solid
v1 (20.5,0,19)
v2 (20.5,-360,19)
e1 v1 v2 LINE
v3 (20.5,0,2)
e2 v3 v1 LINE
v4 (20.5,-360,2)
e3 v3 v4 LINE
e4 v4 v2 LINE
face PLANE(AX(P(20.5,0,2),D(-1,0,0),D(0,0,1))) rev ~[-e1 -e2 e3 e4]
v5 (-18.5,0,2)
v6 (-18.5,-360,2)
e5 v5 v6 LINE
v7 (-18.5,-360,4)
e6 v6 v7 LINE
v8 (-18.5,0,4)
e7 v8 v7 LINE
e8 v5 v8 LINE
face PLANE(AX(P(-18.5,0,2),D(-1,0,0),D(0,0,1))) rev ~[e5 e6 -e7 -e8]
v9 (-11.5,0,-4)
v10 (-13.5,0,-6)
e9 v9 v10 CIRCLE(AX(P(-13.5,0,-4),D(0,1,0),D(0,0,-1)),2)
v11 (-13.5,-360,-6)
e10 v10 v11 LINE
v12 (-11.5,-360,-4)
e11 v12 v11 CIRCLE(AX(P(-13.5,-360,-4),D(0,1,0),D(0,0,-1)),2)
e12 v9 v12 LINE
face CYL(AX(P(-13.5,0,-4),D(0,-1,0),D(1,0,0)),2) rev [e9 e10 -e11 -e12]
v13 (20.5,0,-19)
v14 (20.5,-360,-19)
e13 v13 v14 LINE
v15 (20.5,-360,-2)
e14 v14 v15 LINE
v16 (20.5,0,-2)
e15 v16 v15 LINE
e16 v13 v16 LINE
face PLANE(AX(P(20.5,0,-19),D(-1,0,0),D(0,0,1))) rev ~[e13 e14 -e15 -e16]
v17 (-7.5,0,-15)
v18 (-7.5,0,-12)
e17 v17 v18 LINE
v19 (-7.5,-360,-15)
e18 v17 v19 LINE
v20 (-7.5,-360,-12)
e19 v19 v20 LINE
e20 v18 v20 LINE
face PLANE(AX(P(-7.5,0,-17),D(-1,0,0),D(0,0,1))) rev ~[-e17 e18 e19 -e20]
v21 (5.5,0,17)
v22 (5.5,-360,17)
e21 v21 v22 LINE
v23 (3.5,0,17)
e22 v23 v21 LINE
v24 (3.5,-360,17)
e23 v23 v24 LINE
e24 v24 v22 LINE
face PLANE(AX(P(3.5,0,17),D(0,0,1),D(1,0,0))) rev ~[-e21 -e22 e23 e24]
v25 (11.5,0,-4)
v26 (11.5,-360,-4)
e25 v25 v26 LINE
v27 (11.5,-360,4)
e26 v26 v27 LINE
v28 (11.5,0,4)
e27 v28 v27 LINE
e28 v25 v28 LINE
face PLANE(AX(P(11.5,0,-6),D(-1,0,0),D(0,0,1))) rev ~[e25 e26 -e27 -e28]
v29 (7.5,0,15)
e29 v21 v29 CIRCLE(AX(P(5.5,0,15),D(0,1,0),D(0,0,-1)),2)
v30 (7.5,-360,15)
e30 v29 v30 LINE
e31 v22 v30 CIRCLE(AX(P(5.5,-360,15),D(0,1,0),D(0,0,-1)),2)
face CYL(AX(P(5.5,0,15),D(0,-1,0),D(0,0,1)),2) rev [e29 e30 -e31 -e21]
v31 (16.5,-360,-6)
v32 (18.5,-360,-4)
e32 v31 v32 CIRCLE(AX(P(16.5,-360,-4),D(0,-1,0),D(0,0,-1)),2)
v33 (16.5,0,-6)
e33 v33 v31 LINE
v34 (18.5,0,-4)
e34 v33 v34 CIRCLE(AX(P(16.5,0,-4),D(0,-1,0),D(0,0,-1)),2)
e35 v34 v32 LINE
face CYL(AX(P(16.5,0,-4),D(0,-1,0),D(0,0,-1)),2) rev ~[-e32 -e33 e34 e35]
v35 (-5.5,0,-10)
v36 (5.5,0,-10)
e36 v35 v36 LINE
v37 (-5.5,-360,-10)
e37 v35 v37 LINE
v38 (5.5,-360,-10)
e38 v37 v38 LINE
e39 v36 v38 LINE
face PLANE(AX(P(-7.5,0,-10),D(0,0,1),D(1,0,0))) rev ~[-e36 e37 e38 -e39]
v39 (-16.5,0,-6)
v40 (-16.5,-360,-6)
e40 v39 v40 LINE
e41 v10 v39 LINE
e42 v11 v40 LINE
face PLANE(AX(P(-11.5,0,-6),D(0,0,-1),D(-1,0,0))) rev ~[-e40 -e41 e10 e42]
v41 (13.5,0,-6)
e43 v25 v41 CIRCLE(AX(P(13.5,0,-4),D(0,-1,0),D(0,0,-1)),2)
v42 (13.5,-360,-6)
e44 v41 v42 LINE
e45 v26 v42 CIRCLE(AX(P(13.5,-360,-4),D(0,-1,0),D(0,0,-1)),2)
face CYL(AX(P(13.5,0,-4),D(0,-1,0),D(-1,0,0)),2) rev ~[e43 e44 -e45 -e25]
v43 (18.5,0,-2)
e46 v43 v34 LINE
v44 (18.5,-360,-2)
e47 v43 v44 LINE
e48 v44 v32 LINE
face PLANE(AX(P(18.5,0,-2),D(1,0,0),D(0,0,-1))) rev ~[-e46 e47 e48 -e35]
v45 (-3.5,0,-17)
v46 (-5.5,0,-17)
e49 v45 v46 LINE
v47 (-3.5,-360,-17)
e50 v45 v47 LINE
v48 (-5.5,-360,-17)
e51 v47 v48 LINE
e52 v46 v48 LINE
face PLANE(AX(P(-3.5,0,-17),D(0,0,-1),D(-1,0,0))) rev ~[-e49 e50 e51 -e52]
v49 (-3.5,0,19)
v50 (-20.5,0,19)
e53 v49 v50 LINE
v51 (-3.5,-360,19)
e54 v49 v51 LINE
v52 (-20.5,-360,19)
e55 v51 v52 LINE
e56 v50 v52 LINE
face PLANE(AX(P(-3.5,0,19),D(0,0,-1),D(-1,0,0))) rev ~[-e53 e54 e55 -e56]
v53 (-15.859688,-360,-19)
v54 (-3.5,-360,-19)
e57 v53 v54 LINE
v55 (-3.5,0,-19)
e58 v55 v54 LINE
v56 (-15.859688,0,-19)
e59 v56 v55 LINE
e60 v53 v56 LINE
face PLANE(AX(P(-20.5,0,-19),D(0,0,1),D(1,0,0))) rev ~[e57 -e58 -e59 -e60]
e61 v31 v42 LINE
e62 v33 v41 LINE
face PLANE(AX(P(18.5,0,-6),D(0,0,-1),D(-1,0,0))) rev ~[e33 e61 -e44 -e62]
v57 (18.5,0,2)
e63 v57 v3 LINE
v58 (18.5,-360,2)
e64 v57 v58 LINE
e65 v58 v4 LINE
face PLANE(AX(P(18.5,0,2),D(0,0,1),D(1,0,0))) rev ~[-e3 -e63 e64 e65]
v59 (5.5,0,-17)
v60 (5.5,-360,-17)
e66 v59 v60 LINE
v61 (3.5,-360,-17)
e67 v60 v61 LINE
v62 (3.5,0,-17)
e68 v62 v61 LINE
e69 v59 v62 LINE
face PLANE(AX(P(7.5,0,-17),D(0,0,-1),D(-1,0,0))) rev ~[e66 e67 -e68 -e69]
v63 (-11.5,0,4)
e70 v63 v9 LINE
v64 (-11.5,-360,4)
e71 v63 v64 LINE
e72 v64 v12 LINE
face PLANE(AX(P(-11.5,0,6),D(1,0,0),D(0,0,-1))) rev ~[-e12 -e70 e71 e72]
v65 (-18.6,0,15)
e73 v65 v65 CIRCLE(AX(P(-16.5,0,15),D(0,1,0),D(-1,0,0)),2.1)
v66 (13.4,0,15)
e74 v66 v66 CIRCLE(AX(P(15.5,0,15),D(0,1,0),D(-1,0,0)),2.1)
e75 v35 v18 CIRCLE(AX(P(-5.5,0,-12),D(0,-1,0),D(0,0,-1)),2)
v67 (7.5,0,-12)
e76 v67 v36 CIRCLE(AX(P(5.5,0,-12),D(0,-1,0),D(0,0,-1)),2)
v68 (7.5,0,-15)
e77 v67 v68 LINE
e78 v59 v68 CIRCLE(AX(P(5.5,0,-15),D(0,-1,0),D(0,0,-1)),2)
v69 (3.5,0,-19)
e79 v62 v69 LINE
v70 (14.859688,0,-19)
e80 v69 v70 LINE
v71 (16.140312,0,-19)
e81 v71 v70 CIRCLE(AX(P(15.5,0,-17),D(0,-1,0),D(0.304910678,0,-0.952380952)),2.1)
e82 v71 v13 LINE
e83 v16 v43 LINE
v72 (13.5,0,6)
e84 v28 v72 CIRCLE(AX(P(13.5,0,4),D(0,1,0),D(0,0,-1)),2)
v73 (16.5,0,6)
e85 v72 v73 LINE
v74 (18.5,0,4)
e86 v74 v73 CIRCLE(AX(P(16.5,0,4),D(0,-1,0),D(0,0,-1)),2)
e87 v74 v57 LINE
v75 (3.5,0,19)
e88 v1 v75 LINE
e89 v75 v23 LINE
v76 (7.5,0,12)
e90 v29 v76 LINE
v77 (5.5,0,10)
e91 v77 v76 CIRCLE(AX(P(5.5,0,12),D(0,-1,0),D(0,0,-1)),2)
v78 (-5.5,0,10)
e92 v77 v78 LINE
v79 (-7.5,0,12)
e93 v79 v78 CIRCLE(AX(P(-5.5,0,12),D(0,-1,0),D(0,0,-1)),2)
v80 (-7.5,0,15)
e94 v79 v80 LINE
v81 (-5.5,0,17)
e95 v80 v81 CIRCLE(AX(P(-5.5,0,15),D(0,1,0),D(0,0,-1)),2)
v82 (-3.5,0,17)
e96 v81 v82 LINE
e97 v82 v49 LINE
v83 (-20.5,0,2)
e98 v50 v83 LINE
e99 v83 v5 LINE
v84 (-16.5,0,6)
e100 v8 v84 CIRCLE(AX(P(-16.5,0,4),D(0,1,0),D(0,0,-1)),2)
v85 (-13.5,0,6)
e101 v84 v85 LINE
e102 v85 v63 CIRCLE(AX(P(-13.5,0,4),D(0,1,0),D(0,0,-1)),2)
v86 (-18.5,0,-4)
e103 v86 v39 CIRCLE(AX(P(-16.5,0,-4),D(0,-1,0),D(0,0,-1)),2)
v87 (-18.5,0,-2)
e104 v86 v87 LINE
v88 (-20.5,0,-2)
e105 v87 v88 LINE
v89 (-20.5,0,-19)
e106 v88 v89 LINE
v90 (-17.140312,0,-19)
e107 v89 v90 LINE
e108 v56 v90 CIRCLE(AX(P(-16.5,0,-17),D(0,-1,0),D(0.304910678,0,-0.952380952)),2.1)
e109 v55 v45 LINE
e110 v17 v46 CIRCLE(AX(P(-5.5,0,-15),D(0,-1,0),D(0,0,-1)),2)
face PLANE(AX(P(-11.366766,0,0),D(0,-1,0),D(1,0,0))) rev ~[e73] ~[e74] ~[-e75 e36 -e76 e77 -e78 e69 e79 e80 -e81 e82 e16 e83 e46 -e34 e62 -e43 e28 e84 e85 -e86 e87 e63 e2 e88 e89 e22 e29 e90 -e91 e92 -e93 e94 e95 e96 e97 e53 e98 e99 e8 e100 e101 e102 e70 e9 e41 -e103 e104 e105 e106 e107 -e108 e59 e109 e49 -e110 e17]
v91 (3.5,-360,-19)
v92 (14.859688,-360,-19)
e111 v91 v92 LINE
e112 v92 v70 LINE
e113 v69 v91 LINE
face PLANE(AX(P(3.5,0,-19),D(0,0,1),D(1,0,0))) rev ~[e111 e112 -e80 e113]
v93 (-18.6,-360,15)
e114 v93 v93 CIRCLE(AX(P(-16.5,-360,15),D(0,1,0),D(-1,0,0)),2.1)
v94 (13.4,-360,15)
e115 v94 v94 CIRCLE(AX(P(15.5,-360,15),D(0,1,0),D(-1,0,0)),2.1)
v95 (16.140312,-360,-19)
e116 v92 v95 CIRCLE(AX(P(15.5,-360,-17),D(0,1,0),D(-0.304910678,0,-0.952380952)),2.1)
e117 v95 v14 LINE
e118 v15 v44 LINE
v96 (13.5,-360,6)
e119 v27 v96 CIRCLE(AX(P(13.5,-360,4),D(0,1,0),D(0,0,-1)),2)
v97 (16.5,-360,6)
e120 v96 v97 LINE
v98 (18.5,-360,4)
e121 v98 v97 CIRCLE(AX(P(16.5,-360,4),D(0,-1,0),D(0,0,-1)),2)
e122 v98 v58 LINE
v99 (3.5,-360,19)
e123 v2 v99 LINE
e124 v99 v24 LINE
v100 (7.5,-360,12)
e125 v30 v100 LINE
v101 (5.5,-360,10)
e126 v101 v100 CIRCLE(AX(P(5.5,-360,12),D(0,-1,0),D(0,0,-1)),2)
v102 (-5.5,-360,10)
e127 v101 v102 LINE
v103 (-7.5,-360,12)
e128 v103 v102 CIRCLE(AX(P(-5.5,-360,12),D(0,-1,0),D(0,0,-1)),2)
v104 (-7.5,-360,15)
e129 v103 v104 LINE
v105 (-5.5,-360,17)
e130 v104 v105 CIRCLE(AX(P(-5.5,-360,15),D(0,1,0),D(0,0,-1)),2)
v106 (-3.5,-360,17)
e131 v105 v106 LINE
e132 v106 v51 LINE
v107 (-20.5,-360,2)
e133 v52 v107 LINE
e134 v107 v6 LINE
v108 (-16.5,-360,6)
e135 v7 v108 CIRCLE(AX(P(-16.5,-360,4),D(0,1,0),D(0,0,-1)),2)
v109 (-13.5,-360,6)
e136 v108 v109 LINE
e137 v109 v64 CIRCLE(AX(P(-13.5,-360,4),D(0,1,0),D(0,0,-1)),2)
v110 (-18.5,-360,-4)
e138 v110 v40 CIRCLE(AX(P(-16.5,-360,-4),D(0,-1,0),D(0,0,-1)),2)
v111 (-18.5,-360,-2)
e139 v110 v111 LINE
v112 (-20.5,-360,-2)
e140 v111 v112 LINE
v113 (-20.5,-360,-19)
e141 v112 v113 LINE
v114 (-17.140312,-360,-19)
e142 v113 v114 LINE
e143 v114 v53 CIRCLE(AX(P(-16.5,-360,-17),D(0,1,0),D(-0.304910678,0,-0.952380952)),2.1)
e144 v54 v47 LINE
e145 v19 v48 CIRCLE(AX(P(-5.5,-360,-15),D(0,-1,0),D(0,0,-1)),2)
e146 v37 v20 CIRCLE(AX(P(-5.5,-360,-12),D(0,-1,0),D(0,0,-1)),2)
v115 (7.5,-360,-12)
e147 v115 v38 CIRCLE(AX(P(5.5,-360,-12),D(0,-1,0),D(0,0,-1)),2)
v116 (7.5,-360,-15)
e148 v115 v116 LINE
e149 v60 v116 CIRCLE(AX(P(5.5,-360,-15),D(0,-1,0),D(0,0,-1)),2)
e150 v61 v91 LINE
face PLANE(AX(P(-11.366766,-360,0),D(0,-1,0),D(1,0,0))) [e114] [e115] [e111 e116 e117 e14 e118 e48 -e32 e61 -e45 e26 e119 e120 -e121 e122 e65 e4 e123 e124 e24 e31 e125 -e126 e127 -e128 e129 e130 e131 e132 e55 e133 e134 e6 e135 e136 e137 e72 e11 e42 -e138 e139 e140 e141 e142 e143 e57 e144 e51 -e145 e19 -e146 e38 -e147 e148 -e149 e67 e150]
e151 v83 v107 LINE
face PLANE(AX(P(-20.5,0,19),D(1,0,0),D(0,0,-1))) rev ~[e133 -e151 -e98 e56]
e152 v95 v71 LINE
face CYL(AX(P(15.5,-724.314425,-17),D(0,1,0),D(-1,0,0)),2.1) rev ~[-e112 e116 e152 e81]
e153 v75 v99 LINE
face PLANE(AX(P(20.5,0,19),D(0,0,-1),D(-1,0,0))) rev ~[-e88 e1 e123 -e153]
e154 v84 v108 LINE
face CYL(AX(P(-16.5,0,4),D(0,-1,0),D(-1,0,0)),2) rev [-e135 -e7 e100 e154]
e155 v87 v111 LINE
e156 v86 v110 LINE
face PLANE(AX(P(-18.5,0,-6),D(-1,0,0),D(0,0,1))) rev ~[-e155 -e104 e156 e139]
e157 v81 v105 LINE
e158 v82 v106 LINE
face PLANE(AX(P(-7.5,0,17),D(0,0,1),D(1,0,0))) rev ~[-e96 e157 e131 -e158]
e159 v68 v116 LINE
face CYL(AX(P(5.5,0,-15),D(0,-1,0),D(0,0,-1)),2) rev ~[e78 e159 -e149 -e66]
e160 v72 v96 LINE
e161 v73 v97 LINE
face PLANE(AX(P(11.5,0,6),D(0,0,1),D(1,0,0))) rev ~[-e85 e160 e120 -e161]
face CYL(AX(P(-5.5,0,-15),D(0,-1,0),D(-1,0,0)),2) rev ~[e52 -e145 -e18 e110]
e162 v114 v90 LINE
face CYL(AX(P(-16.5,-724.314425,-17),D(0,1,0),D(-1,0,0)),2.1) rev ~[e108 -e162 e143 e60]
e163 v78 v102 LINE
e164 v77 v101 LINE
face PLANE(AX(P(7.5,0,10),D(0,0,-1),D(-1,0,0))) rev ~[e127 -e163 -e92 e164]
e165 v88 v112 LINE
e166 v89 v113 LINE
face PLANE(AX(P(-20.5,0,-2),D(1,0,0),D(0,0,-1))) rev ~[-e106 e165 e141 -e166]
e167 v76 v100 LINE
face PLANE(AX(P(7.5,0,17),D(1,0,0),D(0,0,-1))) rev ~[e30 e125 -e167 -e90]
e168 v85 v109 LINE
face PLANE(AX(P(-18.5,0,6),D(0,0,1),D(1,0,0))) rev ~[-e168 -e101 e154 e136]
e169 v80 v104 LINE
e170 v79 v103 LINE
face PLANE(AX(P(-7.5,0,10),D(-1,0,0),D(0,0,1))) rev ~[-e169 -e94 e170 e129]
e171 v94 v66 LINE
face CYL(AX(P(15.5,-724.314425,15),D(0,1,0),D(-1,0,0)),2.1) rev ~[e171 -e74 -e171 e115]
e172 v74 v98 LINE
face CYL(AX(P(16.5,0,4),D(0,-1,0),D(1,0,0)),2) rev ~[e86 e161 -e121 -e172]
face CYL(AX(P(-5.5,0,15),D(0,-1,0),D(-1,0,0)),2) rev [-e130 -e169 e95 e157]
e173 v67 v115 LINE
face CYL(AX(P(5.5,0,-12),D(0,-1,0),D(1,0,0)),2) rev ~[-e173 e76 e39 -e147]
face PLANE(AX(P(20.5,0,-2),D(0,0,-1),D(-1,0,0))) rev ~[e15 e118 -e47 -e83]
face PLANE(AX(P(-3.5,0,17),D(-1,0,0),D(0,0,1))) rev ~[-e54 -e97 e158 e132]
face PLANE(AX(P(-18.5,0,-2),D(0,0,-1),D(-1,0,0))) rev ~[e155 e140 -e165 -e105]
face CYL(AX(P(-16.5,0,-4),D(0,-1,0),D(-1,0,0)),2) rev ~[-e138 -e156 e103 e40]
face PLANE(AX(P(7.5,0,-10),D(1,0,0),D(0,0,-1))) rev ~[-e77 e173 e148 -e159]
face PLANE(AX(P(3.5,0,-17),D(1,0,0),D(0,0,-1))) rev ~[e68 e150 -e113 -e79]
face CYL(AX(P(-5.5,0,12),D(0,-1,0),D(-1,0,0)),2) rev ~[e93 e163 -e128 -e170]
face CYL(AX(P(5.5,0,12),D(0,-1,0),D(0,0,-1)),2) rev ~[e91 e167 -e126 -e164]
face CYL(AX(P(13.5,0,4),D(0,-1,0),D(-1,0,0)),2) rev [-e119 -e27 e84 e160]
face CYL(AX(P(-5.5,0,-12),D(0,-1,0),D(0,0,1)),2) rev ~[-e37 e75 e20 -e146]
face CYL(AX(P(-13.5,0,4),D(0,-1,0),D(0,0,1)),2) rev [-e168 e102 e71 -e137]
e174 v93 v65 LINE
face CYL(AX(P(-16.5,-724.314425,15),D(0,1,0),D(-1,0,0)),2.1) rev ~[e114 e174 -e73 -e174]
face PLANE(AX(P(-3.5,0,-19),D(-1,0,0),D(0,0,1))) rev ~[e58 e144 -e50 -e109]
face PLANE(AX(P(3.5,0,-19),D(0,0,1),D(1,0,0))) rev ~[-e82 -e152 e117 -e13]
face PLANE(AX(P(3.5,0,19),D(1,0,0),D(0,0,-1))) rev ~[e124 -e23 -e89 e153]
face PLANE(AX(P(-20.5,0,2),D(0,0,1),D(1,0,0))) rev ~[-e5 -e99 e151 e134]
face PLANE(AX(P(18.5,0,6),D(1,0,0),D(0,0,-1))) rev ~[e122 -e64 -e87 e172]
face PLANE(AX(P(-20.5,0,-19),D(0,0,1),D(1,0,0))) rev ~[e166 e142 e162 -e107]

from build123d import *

# Parameters (mm, degrees)
F1_DEPTH = 360
F3_D     = 4.2
F4_R     = 2
F5_R     = 2
F6_R     = 2
F7_R     = 2
F8_R     = 2
F9_R     = 2


with BuildPart() as f1:
    # F0 (on Front) → F1 (new body)
    with BuildSketch(Plane.XZ):
        Polygon((0, -10), (0, 0), (0, 10), (-7.5, 10), (-7.5, 17), (-3.5, 17), (-3.5, 19), (-20.5, 19), (-20.5, 2), (-18.5, 2), (-18.5, 6), (-11.5, 6), (-11.5, 0), (-11.5, -6), (-18.5, -6), (-18.5, -2), (-20.5, -2), (-20.5, -19), (-3.5, -19), (-3.5, -17), (-7.5, -17), (-7.5, -10), align=None)
        Polygon((0, 10), (0, 0), (0, -10), (7.5, -10), (7.5, -17), (3.5, -17), (3.5, -19), (20.5, -19), (20.5, -2), (18.5, -2), (18.5, -6), (11.5, -6), (11.5, 0), (11.5, 6), (18.5, 6), (18.5, 2), (20.5, 2), (20.5, 19), (3.5, 19), (3.5, 17), (7.5, 17), (7.5, 10), align=None)
    extrude(amount=F1_DEPTH)

    # F3 (through all)
    with Locations(Plane.XZ.offset(360)):
        with Locations((15.5, 15), (-16.5, 15), (15.5, -17), (-16.5, -17)):
            Hole(F3_D / 2)

    # F4
    f4_edges = [f1.edges().sort_by_distance(p)[0] for p in [
        (-7.5, -180, 10),
        (-18.5, -180, -6),
        (-7.5, -180, -17),
        (11.5, -180, -6),
    ]]
    fillet(f4_edges, radius=F4_R)

    # F5
    f5_edges = [f1.edges().sort_by_distance(p)[0] for p in [
        (7.5, -180, 10),
    ]]
    fillet(f5_edges, radius=F5_R)

    # F6
    f6_edges = [f1.edges().sort_by_distance(p)[0] for p in [
        (-11.5, -180, -6),
        (7.5, -180, -10),
        (18.5, -180, 6),
    ]]
    fillet(f6_edges, radius=F6_R)

    # F7
    f7_edges = [f1.edges().sort_by_distance(p)[0] for p in [
        (7.5, -180, -17),
        (18.5, -180, -6),
    ]]
    fillet(f7_edges, radius=F7_R)

    # F8
    f8_edges = [f1.edges().sort_by_distance(p)[0] for p in [
        (-7.5, -180, -10),
        (-18.5, -180, 6),
        (-7.5, -180, 17),
        (11.5, -180, 6),
    ]]
    fillet(f8_edges, radius=F8_R)

    # F9
    f9_edges = [f1.edges().sort_by_distance(p)[0] for p in [
        (-11.5, -180, 6),
        (7.5, -180, 17),
    ]]
    fillet(f9_edges, radius=F9_R)


solid = f1.part
